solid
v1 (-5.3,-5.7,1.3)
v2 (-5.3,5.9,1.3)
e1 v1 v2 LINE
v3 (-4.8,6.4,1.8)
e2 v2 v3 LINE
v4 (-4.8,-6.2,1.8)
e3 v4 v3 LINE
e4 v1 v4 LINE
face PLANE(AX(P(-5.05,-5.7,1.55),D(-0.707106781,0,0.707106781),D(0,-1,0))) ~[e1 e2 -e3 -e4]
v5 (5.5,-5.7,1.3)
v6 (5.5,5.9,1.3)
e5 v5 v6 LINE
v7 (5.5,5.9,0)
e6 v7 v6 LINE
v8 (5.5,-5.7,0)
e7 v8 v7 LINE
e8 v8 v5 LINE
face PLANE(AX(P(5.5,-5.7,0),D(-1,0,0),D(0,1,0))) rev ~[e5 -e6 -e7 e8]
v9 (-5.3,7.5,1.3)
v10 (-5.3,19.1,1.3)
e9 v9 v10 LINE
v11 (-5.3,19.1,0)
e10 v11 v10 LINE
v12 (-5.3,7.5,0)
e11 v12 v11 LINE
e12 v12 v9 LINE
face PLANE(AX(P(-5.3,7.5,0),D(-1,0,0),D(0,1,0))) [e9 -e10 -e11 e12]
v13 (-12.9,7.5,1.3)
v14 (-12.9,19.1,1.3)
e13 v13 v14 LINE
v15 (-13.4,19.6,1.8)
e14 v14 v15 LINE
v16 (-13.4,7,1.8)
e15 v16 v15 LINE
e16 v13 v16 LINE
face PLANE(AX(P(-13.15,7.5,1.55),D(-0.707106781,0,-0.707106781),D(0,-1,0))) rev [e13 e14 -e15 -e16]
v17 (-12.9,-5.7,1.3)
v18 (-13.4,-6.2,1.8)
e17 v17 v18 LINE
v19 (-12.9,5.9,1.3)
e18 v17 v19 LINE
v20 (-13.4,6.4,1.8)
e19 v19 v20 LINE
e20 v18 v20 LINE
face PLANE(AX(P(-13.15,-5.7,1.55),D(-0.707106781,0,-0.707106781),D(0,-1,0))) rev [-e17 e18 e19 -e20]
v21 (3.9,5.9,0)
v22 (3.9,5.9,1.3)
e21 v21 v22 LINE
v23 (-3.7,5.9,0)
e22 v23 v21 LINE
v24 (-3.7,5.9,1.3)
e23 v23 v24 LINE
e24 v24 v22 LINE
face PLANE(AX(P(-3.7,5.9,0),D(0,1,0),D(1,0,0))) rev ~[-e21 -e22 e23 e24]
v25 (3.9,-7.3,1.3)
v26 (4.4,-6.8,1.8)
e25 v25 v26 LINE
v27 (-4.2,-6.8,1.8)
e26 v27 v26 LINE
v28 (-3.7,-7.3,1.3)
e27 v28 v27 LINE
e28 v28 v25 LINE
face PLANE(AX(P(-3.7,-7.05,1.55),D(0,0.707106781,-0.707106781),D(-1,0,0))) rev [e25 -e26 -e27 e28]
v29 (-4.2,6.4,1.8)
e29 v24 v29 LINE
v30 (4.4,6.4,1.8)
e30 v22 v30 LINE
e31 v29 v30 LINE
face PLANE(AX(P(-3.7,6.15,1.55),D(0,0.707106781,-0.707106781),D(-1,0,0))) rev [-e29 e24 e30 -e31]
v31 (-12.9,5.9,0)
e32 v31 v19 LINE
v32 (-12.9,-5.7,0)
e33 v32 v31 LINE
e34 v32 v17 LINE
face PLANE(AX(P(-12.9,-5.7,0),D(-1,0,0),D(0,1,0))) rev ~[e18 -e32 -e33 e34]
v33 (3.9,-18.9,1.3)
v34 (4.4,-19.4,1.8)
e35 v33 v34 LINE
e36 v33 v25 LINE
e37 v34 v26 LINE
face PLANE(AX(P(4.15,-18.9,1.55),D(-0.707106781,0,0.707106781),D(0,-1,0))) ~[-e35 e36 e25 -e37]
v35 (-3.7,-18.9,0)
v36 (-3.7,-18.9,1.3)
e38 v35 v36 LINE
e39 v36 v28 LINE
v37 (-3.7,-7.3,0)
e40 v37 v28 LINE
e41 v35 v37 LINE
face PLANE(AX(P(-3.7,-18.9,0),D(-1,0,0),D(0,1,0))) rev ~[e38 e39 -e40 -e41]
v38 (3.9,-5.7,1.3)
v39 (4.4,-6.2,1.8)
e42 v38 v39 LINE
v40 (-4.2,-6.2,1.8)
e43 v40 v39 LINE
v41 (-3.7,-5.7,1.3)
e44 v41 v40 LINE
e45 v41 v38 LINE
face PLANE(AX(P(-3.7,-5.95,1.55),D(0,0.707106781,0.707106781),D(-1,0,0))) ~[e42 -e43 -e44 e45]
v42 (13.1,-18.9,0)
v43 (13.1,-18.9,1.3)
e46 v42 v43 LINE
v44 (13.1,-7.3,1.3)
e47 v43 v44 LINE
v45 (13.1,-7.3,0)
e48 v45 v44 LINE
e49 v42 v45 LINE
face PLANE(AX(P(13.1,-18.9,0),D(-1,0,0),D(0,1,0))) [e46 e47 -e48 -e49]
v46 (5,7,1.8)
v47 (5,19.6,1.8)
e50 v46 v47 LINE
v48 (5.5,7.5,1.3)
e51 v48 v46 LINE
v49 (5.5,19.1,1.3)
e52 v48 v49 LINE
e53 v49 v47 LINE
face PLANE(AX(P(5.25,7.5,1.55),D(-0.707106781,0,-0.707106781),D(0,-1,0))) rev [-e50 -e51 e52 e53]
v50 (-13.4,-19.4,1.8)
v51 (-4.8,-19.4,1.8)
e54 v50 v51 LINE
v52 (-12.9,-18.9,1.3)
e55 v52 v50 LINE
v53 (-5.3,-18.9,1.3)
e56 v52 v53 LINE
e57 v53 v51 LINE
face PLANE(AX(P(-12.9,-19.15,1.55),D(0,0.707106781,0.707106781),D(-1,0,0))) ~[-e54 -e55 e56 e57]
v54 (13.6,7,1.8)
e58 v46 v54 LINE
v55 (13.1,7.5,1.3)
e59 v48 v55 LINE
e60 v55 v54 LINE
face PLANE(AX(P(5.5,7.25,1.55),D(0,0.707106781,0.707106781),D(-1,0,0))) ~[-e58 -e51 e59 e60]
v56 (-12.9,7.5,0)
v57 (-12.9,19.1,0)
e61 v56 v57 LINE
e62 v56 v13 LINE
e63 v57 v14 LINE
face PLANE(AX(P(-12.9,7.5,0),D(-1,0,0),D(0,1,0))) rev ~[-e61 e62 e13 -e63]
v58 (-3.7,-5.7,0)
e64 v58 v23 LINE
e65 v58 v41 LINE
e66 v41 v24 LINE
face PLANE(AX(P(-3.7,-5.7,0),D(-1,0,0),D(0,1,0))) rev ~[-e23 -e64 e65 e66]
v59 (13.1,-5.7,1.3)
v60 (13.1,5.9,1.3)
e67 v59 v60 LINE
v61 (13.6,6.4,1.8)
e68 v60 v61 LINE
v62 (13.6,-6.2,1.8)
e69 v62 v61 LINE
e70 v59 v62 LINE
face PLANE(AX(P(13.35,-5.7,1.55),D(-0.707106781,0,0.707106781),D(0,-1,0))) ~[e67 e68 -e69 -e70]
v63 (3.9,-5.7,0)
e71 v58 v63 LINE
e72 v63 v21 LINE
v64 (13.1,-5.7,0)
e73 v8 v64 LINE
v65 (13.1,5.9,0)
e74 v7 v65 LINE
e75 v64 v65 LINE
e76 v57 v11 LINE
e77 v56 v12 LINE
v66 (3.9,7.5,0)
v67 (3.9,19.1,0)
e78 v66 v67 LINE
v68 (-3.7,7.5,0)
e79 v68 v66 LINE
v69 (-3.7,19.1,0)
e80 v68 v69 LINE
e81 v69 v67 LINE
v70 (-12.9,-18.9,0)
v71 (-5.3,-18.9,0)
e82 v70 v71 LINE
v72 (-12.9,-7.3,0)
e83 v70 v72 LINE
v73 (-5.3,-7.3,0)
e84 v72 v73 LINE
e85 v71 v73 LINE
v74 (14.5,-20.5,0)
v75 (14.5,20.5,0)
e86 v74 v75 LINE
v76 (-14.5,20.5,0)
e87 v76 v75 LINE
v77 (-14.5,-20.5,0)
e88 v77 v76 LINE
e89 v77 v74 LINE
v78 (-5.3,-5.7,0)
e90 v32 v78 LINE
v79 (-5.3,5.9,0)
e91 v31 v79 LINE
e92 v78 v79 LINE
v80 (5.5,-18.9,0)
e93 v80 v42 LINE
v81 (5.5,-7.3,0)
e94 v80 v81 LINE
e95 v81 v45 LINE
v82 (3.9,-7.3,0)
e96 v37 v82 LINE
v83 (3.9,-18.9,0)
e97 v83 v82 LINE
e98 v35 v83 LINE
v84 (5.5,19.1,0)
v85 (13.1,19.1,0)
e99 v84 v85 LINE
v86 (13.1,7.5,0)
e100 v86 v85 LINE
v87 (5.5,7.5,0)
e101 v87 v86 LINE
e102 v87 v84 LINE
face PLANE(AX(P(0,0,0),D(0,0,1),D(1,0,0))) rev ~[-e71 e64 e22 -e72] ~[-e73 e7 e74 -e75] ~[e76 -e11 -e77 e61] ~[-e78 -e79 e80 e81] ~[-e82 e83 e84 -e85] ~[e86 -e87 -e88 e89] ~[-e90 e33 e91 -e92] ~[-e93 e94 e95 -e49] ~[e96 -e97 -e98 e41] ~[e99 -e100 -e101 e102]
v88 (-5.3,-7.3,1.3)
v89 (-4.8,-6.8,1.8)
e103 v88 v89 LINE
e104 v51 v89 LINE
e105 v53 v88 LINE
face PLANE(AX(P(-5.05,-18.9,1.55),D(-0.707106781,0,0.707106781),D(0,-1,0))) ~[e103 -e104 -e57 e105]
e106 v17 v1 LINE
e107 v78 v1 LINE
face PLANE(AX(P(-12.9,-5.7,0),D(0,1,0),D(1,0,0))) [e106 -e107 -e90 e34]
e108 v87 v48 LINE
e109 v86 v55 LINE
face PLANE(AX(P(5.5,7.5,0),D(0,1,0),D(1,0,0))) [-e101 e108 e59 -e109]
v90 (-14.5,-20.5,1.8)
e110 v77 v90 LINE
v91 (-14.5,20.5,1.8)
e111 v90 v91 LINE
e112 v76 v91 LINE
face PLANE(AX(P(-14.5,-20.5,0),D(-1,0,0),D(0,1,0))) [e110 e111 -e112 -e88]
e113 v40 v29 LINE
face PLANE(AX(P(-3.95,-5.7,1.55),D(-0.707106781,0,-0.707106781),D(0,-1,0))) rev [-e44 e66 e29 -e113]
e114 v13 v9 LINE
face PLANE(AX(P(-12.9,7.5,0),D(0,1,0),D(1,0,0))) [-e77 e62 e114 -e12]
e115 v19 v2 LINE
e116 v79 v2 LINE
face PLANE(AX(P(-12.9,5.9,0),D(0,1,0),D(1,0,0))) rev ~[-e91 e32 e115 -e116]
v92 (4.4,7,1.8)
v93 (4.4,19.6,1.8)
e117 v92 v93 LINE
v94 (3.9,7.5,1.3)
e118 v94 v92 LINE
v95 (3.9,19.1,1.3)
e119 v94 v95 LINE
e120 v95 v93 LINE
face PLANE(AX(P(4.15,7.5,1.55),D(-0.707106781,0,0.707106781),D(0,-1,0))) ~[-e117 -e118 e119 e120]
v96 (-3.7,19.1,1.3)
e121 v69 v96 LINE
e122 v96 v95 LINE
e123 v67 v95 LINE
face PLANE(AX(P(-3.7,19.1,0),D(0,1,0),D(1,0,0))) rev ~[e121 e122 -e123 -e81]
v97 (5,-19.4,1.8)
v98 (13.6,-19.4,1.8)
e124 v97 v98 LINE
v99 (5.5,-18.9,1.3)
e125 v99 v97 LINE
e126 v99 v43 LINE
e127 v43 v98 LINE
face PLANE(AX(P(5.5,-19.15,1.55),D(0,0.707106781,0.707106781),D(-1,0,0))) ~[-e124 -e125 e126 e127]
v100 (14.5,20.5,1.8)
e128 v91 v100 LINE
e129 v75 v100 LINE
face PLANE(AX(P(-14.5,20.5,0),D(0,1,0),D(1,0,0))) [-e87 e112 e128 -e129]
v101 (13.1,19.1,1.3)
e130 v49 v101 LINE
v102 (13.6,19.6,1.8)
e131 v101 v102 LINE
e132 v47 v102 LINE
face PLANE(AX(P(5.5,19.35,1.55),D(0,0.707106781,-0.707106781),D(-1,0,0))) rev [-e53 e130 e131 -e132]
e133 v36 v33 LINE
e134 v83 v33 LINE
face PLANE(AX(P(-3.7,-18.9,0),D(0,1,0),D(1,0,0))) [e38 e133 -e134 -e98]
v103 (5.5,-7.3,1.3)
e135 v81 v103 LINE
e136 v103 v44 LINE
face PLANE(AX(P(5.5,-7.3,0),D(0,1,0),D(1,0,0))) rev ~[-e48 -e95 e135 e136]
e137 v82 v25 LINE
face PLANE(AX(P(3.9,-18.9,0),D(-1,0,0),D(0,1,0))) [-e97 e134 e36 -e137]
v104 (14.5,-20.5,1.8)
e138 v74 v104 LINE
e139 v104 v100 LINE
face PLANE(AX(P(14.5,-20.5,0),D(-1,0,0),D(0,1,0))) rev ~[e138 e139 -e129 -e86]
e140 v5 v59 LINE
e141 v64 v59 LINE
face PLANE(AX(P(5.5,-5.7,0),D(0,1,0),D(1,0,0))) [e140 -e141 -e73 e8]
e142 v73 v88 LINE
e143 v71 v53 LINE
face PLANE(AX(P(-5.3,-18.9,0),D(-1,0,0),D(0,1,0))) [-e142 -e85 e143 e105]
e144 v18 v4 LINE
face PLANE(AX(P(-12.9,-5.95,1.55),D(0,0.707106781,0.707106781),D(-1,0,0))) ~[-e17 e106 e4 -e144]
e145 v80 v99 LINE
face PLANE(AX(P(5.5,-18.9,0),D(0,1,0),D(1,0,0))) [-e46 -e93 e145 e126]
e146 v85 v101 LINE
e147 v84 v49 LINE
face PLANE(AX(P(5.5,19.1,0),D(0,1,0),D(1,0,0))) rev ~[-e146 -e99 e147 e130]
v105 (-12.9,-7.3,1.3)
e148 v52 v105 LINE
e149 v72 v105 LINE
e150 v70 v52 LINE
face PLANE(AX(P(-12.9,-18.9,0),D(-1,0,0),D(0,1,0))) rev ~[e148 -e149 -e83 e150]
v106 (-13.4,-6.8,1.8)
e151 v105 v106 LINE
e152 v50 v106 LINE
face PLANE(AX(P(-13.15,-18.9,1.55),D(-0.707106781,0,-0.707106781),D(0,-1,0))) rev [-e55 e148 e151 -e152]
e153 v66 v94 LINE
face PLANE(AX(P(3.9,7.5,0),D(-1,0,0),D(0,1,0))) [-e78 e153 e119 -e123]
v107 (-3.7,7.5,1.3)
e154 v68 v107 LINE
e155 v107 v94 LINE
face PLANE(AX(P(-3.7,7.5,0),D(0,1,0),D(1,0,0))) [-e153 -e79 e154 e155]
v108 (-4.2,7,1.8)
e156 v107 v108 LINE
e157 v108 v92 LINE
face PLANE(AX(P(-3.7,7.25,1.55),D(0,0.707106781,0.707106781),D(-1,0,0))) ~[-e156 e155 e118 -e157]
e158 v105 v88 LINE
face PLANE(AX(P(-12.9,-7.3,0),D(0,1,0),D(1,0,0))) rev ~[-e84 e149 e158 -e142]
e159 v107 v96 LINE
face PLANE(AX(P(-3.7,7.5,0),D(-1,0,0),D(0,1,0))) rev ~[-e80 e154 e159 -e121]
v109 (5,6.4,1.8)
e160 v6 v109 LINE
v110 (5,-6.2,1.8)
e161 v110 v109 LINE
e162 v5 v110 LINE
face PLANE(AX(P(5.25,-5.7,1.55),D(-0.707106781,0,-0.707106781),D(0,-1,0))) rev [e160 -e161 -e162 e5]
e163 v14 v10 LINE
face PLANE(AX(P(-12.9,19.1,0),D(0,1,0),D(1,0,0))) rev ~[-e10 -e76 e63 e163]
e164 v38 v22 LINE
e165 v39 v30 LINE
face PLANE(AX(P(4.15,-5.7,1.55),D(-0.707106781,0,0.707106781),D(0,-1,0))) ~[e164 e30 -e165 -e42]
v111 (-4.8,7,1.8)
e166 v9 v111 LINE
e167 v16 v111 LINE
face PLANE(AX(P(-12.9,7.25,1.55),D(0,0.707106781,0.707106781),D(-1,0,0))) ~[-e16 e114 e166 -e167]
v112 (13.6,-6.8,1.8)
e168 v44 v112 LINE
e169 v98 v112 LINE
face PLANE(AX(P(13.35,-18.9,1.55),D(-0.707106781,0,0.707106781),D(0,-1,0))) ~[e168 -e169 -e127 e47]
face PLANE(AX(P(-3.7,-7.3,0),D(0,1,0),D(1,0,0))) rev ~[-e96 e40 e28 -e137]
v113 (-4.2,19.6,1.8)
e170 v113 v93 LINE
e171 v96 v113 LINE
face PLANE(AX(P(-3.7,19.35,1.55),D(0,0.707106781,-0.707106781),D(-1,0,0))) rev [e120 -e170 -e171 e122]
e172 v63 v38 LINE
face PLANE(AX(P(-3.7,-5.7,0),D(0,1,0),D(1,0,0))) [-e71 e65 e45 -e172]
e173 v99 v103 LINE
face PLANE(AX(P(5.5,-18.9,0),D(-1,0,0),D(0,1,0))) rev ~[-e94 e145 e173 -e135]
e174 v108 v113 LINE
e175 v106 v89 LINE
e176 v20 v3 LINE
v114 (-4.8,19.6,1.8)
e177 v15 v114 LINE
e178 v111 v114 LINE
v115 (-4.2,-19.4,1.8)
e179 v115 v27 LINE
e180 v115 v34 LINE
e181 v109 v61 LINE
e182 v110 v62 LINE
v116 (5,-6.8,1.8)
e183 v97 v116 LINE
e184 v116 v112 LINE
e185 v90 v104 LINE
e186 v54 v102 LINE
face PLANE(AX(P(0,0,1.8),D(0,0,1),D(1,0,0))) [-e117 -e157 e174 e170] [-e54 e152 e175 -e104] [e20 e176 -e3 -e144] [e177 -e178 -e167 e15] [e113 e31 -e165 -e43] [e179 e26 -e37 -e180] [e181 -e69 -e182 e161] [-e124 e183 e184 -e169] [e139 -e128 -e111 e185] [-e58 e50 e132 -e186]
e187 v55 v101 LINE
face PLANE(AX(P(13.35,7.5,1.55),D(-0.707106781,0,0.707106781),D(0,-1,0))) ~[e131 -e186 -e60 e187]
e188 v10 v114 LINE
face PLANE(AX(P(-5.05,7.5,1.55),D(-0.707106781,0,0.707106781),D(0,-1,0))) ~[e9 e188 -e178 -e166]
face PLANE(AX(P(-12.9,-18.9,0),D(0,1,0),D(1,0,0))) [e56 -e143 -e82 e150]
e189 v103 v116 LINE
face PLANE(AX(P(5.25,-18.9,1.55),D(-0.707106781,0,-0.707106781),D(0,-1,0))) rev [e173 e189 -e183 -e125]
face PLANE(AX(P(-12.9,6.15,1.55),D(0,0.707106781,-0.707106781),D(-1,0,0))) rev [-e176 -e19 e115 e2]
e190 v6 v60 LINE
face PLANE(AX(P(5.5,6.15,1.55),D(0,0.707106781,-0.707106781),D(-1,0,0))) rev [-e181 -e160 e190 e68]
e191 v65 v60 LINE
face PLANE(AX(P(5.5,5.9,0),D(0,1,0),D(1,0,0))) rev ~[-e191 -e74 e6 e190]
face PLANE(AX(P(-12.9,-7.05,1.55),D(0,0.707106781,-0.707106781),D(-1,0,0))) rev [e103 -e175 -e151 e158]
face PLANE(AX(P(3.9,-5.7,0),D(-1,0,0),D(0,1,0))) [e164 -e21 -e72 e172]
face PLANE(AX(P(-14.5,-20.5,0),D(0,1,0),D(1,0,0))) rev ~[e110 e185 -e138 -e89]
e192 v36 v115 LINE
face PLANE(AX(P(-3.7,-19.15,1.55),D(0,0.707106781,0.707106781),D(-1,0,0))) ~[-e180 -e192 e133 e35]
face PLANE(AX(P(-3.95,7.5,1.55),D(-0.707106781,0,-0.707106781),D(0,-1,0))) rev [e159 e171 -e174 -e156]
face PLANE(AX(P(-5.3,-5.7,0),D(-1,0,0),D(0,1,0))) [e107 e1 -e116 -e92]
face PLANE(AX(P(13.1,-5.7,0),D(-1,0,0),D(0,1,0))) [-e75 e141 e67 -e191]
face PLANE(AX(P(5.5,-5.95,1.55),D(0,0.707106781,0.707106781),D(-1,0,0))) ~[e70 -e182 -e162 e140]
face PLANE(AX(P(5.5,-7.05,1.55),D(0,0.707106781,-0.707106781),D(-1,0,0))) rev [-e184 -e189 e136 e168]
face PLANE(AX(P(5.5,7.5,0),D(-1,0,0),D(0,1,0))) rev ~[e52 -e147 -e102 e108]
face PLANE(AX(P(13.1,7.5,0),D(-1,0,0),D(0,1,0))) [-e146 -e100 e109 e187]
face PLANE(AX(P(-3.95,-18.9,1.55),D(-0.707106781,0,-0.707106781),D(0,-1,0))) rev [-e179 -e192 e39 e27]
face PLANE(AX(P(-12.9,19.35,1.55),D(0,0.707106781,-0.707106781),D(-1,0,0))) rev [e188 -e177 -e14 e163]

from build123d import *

# Parameters (mm, degrees)
F0_W     = 29
F0_H     = 41
F0_W_2   = 7.6
F0_H_2   = 11.6
F1_DEPTH = 1.8
F2_SIZE  = 0.5


with BuildPart() as f1:
    # F0 (on Top) → F1 (new body)
    with BuildSketch(Plane.XY):
        Rectangle(F0_W, F0_H)
        with Locations((-9.1, -13.1)):
            Rectangle(F0_W_2, F0_H_2, mode=Mode.SUBTRACT)
        with Locations((0.1, -13.1)):
            Rectangle(F0_W_2, F0_H_2, mode=Mode.SUBTRACT)
        with Locations((9.3, -13.1)):
            Rectangle(F0_W_2, F0_H_2, mode=Mode.SUBTRACT)
        with Locations((-9.1, 0.1)):
            Rectangle(F0_W_2, F0_H_2, mode=Mode.SUBTRACT)
        with Locations((-9.1, 13.3)):
            Rectangle(F0_W_2, F0_H_2, mode=Mode.SUBTRACT)
        with Locations((0.1, 0.1)):
            Rectangle(F0_W_2, F0_H_2, mode=Mode.SUBTRACT)
        with Locations((9.3, 0.1)):
            Rectangle(F0_W_2, F0_H_2, mode=Mode.SUBTRACT)
        with Locations((0.1, 13.3)):
            Rectangle(F0_W_2, F0_H_2, mode=Mode.SUBTRACT)
        with Locations((9.3, 13.3)):
            Rectangle(F0_W_2, F0_H_2, mode=Mode.SUBTRACT)
    extrude(amount=F1_DEPTH)

    # F2
    f2_edges = [f1.edges().sort_by_distance(p)[0] for p in [
        (-9.1, 19.1, 1.8),
        (-5.3, 13.3, 1.8),
        (-12.9, 13.3, 1.8),
        (-9.1, 7.5, 1.8),
        (0.1, 7.5, 1.8),
        (3.9, 13.3, 1.8),
        (0.1, 19.1, 1.8),
        (-3.7, 13.3, 1.8),
        (9.3, 19.1, 1.8),
        (13.1, 13.3, 1.8),
        (9.3, 7.5, 1.8),
        (5.5, 13.3, 1.8),
        (-9.1, 5.9, 1.8),
        (-5.3, 0.1, 1.8),
        (-9.1, -5.7, 1.8),
        (-12.9, 0.1, 1.8),
        (-3.7, 0.1, 1.8),
        (0.1, 5.9, 1.8),
        (3.9, 0.1, 1.8),
        (0.1, -5.7, 1.8),
        (9.3, -5.7, 1.8),
        (5.5, 0.1, 1.8),
        (9.3, 5.9, 1.8),
        (13.1, 0.1, 1.8),
        (9.3, -7.3, 1.8),
        (13.1, -13.1, 1.8),
        (9.3, -18.9, 1.8),
        (5.5, -13.1, 1.8),
        (0.1, -7.3, 1.8),
        (-3.7, -13.1, 1.8),
        (0.1, -18.9, 1.8),
        (3.9, -13.1, 1.8),
        (-9.1, -7.3, 1.8),
        (-5.3, -13.1, 1.8),
        (-9.1, -18.9, 1.8),
        (-12.9, -13.1, 1.8),
    ]]
    chamfer(f2_edges, length=F2_SIZE)


solid = f1.part
